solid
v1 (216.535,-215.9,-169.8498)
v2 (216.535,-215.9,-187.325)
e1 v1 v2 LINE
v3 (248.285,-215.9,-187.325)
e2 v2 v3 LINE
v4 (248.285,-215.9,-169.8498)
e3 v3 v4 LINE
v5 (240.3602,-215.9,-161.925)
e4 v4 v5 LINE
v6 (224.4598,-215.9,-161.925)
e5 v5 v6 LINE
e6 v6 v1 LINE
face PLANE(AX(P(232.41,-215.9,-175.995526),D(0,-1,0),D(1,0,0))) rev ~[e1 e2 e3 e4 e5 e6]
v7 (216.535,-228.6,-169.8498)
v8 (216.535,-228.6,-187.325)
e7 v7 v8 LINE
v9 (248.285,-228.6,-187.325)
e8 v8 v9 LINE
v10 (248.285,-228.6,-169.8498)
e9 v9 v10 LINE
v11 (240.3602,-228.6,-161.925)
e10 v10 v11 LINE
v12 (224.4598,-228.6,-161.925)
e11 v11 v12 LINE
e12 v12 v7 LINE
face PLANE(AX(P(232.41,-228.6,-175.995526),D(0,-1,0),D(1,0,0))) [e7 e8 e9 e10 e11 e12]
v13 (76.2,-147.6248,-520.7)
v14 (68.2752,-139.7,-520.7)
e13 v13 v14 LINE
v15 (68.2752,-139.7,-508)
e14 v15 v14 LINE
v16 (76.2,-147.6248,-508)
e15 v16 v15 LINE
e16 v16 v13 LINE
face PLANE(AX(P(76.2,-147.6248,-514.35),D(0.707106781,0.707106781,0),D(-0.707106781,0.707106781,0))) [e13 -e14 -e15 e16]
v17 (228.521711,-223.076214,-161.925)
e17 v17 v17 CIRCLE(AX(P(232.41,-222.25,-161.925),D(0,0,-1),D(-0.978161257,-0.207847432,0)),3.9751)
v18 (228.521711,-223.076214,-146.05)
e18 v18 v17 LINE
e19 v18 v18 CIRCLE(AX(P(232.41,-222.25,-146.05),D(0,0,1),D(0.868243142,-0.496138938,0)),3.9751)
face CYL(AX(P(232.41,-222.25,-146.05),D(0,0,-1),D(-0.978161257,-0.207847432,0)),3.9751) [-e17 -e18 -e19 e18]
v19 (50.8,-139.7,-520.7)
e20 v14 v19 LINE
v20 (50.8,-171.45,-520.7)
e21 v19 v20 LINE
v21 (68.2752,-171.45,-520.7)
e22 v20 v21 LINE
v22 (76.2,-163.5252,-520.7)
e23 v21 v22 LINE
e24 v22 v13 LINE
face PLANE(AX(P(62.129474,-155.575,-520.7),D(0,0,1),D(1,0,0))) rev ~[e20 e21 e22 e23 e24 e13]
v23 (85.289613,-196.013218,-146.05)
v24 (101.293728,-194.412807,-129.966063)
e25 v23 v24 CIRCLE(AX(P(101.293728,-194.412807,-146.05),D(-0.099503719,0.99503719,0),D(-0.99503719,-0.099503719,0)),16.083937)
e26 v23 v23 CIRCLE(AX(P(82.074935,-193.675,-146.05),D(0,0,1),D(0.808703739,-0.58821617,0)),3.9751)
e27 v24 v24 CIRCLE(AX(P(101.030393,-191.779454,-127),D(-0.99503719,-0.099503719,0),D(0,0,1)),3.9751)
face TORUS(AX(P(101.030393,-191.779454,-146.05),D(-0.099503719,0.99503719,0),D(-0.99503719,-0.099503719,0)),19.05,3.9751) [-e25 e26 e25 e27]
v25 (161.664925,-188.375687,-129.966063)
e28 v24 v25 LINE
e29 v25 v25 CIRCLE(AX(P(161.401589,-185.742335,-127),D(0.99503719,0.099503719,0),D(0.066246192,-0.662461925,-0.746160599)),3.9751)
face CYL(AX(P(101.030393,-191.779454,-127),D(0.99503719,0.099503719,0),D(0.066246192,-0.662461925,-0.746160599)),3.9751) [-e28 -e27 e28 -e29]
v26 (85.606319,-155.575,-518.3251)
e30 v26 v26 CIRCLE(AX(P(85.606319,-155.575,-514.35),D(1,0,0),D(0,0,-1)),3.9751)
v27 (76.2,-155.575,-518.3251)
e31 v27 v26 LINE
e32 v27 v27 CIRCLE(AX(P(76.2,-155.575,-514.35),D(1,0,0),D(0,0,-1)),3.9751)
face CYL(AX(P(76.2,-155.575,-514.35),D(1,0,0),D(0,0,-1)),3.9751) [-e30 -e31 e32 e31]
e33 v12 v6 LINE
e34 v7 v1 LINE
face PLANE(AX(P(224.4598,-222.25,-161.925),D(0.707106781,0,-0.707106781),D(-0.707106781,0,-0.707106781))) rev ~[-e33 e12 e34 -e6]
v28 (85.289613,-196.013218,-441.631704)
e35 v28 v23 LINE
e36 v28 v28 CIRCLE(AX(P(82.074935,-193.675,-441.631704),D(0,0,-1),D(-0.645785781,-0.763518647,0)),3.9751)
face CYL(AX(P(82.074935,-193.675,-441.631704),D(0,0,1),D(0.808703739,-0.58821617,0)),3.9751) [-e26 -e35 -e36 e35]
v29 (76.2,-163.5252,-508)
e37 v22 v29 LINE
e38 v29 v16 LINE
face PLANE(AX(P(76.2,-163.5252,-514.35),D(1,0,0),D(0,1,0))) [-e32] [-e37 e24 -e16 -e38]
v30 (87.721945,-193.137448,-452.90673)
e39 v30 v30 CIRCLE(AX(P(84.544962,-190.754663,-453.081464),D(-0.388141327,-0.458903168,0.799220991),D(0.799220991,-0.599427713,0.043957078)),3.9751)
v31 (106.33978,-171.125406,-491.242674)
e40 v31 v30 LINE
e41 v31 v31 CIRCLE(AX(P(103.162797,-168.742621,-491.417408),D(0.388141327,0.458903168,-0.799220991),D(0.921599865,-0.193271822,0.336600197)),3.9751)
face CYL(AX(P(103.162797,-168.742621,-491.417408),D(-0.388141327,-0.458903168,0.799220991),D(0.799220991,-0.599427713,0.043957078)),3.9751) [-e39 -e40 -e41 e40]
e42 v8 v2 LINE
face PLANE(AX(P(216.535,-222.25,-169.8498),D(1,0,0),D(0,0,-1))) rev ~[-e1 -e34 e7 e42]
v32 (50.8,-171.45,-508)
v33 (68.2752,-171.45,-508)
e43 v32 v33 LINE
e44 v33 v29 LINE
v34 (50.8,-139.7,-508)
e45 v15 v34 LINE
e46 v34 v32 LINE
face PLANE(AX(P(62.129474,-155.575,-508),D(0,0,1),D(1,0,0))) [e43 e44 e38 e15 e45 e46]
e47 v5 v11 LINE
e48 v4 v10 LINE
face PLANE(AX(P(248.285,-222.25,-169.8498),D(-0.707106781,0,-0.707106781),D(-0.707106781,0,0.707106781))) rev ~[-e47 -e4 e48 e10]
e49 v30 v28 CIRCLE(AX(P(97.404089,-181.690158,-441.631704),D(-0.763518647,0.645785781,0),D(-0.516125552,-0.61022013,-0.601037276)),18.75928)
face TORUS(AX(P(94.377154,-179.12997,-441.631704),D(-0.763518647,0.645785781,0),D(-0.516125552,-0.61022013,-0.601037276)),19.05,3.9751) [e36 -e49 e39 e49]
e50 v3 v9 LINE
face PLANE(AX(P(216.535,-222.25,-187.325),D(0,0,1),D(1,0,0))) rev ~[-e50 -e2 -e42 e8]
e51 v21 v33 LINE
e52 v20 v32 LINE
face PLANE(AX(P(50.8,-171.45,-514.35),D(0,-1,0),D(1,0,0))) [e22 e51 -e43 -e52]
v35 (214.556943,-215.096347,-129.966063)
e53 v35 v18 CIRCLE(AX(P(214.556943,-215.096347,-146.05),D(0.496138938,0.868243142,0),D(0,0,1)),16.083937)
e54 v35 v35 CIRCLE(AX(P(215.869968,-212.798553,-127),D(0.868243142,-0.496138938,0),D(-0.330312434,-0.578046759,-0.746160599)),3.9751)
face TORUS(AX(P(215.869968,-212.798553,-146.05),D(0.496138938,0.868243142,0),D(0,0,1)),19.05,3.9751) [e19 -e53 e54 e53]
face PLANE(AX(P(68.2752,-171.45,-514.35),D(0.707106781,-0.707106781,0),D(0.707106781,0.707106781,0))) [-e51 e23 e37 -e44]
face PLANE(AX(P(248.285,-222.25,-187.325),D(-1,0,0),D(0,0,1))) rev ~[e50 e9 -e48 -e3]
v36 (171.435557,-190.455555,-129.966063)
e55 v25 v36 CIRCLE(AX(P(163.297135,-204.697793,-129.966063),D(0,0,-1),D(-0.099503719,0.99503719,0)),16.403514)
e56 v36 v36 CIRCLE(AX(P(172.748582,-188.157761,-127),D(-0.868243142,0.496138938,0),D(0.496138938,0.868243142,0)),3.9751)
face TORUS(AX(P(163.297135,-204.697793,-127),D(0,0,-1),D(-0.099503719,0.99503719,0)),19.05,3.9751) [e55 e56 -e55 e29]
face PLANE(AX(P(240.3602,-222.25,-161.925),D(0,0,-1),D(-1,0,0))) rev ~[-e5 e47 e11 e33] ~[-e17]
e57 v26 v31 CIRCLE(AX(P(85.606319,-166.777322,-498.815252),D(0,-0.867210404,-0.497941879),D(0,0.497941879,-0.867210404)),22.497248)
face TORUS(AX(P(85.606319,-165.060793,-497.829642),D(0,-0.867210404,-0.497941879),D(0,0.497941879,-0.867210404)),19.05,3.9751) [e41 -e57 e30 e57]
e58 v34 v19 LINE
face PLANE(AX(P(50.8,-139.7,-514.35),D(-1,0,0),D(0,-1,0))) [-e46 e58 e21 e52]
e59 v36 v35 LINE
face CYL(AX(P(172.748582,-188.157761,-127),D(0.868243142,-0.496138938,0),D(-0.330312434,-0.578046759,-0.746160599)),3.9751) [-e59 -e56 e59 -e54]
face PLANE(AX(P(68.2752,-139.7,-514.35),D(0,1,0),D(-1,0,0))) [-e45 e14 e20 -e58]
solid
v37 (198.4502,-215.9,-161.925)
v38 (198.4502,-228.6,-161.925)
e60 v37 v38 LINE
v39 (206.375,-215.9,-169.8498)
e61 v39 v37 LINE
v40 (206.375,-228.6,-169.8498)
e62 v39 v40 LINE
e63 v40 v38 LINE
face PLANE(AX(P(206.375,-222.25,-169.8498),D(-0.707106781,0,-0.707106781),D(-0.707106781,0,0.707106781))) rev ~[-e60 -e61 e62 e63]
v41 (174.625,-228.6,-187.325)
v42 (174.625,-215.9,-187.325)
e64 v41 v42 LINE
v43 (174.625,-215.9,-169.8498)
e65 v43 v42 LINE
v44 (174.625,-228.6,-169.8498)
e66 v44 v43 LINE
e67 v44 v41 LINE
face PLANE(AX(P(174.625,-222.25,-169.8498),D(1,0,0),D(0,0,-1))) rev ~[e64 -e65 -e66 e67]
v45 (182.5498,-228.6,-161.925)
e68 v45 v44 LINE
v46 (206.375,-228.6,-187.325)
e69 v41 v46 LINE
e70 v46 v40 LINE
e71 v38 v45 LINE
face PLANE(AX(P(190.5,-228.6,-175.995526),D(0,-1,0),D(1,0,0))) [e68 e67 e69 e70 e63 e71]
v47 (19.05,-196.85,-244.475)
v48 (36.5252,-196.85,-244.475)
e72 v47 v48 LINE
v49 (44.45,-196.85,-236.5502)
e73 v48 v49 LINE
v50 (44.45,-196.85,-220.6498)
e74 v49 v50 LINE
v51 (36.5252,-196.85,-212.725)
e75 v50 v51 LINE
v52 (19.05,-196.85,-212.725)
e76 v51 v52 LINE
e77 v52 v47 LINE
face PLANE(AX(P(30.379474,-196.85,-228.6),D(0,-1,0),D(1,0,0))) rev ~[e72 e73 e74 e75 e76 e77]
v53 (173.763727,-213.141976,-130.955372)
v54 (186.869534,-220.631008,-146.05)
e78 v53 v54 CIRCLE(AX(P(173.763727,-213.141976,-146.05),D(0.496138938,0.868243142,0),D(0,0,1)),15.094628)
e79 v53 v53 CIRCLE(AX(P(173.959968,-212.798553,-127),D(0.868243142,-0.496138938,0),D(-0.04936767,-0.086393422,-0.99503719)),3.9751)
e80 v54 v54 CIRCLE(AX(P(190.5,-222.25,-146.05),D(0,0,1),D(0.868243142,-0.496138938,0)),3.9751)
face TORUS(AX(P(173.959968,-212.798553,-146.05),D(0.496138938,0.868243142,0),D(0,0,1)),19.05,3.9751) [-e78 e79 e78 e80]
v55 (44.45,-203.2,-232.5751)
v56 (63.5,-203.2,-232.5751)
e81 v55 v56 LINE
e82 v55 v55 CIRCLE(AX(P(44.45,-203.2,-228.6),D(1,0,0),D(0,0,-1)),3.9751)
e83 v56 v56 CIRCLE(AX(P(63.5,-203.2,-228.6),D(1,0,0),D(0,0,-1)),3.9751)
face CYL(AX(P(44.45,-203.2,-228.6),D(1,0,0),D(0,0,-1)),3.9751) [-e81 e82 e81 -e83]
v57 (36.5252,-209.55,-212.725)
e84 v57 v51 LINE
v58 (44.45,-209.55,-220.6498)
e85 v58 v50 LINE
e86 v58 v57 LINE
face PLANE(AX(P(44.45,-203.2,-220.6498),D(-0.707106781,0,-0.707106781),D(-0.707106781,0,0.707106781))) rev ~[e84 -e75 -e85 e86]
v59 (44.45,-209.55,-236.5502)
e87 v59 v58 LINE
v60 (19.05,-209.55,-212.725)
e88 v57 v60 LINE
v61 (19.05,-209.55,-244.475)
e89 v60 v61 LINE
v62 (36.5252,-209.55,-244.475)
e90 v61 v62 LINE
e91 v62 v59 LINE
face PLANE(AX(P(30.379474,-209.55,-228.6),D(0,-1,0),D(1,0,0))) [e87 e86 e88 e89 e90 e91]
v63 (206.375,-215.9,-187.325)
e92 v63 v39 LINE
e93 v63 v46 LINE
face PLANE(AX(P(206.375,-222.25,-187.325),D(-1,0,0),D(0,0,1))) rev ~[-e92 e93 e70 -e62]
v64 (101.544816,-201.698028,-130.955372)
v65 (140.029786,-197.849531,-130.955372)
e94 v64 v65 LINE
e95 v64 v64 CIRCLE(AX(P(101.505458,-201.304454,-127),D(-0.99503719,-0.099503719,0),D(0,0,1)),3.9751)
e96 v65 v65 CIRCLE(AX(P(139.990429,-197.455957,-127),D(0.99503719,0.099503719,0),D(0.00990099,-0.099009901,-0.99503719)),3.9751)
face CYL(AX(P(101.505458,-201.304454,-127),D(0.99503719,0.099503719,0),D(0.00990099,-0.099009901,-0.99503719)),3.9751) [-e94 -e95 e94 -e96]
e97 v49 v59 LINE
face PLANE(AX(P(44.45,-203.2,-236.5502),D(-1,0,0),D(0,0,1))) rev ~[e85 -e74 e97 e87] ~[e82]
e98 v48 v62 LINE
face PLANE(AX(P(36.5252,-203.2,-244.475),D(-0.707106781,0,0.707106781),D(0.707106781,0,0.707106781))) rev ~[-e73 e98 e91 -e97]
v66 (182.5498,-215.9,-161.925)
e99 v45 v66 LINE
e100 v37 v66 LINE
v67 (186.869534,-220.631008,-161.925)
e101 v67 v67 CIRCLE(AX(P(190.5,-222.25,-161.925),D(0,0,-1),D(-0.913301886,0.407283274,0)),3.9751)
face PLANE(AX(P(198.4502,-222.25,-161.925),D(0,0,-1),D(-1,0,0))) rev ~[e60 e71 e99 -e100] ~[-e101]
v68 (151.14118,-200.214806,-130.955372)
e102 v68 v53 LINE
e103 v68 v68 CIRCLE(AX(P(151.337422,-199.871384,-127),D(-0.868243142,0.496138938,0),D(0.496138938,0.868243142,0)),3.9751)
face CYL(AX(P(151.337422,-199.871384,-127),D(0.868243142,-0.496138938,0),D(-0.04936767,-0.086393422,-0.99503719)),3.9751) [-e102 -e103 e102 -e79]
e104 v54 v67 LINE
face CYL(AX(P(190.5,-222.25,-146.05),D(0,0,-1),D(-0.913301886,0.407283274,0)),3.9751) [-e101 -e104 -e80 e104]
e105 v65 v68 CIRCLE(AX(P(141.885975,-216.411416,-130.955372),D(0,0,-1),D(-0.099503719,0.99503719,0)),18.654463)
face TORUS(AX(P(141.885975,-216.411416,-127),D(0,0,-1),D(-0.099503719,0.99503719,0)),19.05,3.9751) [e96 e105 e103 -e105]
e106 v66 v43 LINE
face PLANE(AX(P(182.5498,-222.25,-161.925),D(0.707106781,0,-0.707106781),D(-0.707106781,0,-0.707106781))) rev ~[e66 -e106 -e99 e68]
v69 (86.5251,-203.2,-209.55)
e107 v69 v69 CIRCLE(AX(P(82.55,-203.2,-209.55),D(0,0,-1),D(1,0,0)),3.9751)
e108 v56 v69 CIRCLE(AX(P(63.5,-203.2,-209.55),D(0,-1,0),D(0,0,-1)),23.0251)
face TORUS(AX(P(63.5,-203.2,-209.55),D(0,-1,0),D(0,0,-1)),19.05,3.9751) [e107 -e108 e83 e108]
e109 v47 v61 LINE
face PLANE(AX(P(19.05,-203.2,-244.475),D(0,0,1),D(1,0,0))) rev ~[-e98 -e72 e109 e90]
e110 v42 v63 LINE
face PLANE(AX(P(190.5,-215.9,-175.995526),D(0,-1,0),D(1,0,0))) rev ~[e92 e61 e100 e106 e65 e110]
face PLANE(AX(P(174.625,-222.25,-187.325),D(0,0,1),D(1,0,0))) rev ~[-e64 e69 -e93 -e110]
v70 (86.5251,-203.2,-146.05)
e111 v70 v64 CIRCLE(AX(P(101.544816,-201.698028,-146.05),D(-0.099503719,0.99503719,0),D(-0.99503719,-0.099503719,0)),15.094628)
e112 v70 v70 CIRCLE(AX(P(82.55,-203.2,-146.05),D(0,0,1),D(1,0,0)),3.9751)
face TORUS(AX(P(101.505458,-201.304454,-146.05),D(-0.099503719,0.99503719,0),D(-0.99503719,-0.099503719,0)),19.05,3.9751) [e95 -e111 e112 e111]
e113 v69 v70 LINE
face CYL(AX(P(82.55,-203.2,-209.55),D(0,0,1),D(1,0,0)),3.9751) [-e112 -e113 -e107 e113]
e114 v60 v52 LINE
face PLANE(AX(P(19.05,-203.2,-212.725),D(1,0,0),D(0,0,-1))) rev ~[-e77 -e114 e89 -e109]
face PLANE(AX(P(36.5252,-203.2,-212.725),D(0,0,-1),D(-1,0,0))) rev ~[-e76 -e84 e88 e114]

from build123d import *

# Parameters (mm, degrees)
BOSS_EXTRUDE1_DEPTH = 6.35
BOSS_EXTRUDE2_DEPTH = 6.35
SKETCH4_R           = 3.9751
BOSS_EXTRUDE3_DEPTH = 6.35
BOSS_EXTRUDE4_DEPTH = 6.35
SKETCH9_R           = 3.9751


with BuildPart() as part:
    # Sketch1 → Boss-Extrude1 (new, symmetric)
    with BuildSketch(Plane(origin=(0, -203.2, 0), x_dir=(-1, 0, 0), z_dir=(0, 1, 0))):
        Polygon((-19.05, -212.725), (-19.05, -244.475), (-36.5252, -244.475), (-44.45, -236.5502), (-44.45, -220.6498), (-36.5252, -212.725), align=None)
    extrude(amount=BOSS_EXTRUDE1_DEPTH, both=True)



with BuildPart() as body_2:
    # Sketch2 → Boss-Extrude2 (new, symmetric)
    with BuildSketch(Plane(origin=(0, -222.25, 0), x_dir=(-1, 0, 0), z_dir=(0, 1, 0))):
        Polygon((-174.625, -187.325), (-206.375, -187.325), (-206.375, -169.8498), (-198.4502, -161.925), (-182.5498, -161.925), (-174.625, -169.8498), align=None)
    extrude(amount=BOSS_EXTRUDE2_DEPTH, both=True)


with BuildPart() as part_1:
    add(part.part)

    add(body_2.part)  # Sweep1 merges body 2
    # Sweep1: sweep along a curve in space
    with BuildLine() as sweep1_path:
        Line((44.45, -203.2, -228.6), (63.5, -203.2, -228.6))
        ThreePointArc((63.5, -203.2, -228.6), (76.970384182, -203.2, -223.020384182), (82.55, -203.2, -209.55))
        Line((82.55, -203.2, -209.55), (82.55, -203.2, -146.05))
        ThreePointArc((82.55, -203.2, -146.05), (88.101925246, -202.644807475, -132.579615818), (101.505458474, -201.304454153, -127))
        Line((101.505458474, -201.304454153, -127), (139.990428898, -197.45595711, -127))
        ThreePointArc((139.990428898, -197.45595711, -127), (145.852267869, -197.778889752, -127), (151.337421521, -199.871383726, -127))
        Line((151.337421521, -199.871383726, -127), (173.959968143, -212.798553224, -127))
        ThreePointArc((173.959968143, -212.798553224, -127), (185.65553683, -219.481735331, -132.579615818), (190.5, -222.25, -146.05))
        Line((190.5, -222.25, -146.05), (190.5, -222.25, -161.925))
    # Sketch4 → Sweep1 (sweep)
    with BuildSketch(Plane(origin=(44.45, 0, 0), x_dir=(0, 0, -1), z_dir=(1, 0, 0))):
        with Locations((228.6, -203.2)):
            Circle(SKETCH4_R)
    sweep(path=sweep1_path.line)


with BuildPart() as body_2_2:
    # Sketch5 → Boss-Extrude3 (new, symmetric)
    with BuildSketch(Plane.XY.offset(-514.35)):
        Polygon((50.8, -139.7), (50.8, -171.45), (68.2752, -171.45), (76.2, -163.5252), (76.2, -147.6248), (68.2752, -139.7), align=None)
    extrude(amount=BOSS_EXTRUDE3_DEPTH, both=True)



with BuildPart() as body_3:
    # Sketch6 → Boss-Extrude4 (new, symmetric)
    with BuildSketch(Plane(origin=(0, -222.25, 0), x_dir=(-1, 0, 0), z_dir=(0, 1, 0))):
        Polygon((-216.535, -187.325), (-248.285, -187.325), (-248.285, -169.8498), (-240.3602, -161.925), (-224.4598, -161.925), (-216.535, -169.8498), align=None)
    extrude(amount=BOSS_EXTRUDE4_DEPTH, both=True)


with BuildPart() as body_2_2_1:
    add(body_2_2.part)

    add(body_3.part)  # Sweep2 merges body 3
    # Sweep2: sweep along a curve in space
    with BuildLine() as sweep2_path:
        Line((76.2, -155.575, -514.35), (85.606319265, -155.575, -514.35))
        ThreePointArc((85.606319265, -155.575, -514.35), (101.477046373, -159.814117394, -506.967197178), (103.162796684, -168.742620996, -491.417408046))
        Line((103.162796684, -168.742620996, -491.417408046), (84.544962074, -190.754663245, -453.081463906))
        ThreePointArc((84.544962074, -190.754663245, -453.081463906), (82.708769779, -192.925610792, -447.667563479), (82.074934709, -193.675, -441.631703793))
        Line((82.074934709, -193.675, -441.631703793), (82.074934709, -193.675, -146.05))
        ThreePointArc((82.074934709, -193.675, -146.05), (87.626859955, -193.119807475, -132.579615818), (101.030393182, -191.779454153, -127))
        Line((101.030393182, -191.779454153, -127), (161.401589386, -185.742334532, -127))
        ThreePointArc((161.401589386, -185.742334532, -127), (167.263428358, -186.065267174, -127), (172.748582009, -188.157761148, -127))
        Line((172.748582009, -188.157761148, -127), (215.869968143, -212.798553224, -127))
        ThreePointArc((215.869968143, -212.798553224, -127), (227.56553683, -219.481735331, -132.579615818), (232.41, -222.25, -146.05))
        Line((232.41, -222.25, -146.05), (232.41, -222.25, -161.925))
    # Sketch9 → Sweep2 (sweep)
    with BuildSketch(Plane(origin=(76.2, 0, 0), x_dir=(0, 0, -1), z_dir=(1, 0, 0))):
        with Locations((514.35, -155.575)):
            Circle(SKETCH9_R)
    sweep(path=sweep2_path.line)


solid = Compound([part_1.part, body_2_2_1.part])
